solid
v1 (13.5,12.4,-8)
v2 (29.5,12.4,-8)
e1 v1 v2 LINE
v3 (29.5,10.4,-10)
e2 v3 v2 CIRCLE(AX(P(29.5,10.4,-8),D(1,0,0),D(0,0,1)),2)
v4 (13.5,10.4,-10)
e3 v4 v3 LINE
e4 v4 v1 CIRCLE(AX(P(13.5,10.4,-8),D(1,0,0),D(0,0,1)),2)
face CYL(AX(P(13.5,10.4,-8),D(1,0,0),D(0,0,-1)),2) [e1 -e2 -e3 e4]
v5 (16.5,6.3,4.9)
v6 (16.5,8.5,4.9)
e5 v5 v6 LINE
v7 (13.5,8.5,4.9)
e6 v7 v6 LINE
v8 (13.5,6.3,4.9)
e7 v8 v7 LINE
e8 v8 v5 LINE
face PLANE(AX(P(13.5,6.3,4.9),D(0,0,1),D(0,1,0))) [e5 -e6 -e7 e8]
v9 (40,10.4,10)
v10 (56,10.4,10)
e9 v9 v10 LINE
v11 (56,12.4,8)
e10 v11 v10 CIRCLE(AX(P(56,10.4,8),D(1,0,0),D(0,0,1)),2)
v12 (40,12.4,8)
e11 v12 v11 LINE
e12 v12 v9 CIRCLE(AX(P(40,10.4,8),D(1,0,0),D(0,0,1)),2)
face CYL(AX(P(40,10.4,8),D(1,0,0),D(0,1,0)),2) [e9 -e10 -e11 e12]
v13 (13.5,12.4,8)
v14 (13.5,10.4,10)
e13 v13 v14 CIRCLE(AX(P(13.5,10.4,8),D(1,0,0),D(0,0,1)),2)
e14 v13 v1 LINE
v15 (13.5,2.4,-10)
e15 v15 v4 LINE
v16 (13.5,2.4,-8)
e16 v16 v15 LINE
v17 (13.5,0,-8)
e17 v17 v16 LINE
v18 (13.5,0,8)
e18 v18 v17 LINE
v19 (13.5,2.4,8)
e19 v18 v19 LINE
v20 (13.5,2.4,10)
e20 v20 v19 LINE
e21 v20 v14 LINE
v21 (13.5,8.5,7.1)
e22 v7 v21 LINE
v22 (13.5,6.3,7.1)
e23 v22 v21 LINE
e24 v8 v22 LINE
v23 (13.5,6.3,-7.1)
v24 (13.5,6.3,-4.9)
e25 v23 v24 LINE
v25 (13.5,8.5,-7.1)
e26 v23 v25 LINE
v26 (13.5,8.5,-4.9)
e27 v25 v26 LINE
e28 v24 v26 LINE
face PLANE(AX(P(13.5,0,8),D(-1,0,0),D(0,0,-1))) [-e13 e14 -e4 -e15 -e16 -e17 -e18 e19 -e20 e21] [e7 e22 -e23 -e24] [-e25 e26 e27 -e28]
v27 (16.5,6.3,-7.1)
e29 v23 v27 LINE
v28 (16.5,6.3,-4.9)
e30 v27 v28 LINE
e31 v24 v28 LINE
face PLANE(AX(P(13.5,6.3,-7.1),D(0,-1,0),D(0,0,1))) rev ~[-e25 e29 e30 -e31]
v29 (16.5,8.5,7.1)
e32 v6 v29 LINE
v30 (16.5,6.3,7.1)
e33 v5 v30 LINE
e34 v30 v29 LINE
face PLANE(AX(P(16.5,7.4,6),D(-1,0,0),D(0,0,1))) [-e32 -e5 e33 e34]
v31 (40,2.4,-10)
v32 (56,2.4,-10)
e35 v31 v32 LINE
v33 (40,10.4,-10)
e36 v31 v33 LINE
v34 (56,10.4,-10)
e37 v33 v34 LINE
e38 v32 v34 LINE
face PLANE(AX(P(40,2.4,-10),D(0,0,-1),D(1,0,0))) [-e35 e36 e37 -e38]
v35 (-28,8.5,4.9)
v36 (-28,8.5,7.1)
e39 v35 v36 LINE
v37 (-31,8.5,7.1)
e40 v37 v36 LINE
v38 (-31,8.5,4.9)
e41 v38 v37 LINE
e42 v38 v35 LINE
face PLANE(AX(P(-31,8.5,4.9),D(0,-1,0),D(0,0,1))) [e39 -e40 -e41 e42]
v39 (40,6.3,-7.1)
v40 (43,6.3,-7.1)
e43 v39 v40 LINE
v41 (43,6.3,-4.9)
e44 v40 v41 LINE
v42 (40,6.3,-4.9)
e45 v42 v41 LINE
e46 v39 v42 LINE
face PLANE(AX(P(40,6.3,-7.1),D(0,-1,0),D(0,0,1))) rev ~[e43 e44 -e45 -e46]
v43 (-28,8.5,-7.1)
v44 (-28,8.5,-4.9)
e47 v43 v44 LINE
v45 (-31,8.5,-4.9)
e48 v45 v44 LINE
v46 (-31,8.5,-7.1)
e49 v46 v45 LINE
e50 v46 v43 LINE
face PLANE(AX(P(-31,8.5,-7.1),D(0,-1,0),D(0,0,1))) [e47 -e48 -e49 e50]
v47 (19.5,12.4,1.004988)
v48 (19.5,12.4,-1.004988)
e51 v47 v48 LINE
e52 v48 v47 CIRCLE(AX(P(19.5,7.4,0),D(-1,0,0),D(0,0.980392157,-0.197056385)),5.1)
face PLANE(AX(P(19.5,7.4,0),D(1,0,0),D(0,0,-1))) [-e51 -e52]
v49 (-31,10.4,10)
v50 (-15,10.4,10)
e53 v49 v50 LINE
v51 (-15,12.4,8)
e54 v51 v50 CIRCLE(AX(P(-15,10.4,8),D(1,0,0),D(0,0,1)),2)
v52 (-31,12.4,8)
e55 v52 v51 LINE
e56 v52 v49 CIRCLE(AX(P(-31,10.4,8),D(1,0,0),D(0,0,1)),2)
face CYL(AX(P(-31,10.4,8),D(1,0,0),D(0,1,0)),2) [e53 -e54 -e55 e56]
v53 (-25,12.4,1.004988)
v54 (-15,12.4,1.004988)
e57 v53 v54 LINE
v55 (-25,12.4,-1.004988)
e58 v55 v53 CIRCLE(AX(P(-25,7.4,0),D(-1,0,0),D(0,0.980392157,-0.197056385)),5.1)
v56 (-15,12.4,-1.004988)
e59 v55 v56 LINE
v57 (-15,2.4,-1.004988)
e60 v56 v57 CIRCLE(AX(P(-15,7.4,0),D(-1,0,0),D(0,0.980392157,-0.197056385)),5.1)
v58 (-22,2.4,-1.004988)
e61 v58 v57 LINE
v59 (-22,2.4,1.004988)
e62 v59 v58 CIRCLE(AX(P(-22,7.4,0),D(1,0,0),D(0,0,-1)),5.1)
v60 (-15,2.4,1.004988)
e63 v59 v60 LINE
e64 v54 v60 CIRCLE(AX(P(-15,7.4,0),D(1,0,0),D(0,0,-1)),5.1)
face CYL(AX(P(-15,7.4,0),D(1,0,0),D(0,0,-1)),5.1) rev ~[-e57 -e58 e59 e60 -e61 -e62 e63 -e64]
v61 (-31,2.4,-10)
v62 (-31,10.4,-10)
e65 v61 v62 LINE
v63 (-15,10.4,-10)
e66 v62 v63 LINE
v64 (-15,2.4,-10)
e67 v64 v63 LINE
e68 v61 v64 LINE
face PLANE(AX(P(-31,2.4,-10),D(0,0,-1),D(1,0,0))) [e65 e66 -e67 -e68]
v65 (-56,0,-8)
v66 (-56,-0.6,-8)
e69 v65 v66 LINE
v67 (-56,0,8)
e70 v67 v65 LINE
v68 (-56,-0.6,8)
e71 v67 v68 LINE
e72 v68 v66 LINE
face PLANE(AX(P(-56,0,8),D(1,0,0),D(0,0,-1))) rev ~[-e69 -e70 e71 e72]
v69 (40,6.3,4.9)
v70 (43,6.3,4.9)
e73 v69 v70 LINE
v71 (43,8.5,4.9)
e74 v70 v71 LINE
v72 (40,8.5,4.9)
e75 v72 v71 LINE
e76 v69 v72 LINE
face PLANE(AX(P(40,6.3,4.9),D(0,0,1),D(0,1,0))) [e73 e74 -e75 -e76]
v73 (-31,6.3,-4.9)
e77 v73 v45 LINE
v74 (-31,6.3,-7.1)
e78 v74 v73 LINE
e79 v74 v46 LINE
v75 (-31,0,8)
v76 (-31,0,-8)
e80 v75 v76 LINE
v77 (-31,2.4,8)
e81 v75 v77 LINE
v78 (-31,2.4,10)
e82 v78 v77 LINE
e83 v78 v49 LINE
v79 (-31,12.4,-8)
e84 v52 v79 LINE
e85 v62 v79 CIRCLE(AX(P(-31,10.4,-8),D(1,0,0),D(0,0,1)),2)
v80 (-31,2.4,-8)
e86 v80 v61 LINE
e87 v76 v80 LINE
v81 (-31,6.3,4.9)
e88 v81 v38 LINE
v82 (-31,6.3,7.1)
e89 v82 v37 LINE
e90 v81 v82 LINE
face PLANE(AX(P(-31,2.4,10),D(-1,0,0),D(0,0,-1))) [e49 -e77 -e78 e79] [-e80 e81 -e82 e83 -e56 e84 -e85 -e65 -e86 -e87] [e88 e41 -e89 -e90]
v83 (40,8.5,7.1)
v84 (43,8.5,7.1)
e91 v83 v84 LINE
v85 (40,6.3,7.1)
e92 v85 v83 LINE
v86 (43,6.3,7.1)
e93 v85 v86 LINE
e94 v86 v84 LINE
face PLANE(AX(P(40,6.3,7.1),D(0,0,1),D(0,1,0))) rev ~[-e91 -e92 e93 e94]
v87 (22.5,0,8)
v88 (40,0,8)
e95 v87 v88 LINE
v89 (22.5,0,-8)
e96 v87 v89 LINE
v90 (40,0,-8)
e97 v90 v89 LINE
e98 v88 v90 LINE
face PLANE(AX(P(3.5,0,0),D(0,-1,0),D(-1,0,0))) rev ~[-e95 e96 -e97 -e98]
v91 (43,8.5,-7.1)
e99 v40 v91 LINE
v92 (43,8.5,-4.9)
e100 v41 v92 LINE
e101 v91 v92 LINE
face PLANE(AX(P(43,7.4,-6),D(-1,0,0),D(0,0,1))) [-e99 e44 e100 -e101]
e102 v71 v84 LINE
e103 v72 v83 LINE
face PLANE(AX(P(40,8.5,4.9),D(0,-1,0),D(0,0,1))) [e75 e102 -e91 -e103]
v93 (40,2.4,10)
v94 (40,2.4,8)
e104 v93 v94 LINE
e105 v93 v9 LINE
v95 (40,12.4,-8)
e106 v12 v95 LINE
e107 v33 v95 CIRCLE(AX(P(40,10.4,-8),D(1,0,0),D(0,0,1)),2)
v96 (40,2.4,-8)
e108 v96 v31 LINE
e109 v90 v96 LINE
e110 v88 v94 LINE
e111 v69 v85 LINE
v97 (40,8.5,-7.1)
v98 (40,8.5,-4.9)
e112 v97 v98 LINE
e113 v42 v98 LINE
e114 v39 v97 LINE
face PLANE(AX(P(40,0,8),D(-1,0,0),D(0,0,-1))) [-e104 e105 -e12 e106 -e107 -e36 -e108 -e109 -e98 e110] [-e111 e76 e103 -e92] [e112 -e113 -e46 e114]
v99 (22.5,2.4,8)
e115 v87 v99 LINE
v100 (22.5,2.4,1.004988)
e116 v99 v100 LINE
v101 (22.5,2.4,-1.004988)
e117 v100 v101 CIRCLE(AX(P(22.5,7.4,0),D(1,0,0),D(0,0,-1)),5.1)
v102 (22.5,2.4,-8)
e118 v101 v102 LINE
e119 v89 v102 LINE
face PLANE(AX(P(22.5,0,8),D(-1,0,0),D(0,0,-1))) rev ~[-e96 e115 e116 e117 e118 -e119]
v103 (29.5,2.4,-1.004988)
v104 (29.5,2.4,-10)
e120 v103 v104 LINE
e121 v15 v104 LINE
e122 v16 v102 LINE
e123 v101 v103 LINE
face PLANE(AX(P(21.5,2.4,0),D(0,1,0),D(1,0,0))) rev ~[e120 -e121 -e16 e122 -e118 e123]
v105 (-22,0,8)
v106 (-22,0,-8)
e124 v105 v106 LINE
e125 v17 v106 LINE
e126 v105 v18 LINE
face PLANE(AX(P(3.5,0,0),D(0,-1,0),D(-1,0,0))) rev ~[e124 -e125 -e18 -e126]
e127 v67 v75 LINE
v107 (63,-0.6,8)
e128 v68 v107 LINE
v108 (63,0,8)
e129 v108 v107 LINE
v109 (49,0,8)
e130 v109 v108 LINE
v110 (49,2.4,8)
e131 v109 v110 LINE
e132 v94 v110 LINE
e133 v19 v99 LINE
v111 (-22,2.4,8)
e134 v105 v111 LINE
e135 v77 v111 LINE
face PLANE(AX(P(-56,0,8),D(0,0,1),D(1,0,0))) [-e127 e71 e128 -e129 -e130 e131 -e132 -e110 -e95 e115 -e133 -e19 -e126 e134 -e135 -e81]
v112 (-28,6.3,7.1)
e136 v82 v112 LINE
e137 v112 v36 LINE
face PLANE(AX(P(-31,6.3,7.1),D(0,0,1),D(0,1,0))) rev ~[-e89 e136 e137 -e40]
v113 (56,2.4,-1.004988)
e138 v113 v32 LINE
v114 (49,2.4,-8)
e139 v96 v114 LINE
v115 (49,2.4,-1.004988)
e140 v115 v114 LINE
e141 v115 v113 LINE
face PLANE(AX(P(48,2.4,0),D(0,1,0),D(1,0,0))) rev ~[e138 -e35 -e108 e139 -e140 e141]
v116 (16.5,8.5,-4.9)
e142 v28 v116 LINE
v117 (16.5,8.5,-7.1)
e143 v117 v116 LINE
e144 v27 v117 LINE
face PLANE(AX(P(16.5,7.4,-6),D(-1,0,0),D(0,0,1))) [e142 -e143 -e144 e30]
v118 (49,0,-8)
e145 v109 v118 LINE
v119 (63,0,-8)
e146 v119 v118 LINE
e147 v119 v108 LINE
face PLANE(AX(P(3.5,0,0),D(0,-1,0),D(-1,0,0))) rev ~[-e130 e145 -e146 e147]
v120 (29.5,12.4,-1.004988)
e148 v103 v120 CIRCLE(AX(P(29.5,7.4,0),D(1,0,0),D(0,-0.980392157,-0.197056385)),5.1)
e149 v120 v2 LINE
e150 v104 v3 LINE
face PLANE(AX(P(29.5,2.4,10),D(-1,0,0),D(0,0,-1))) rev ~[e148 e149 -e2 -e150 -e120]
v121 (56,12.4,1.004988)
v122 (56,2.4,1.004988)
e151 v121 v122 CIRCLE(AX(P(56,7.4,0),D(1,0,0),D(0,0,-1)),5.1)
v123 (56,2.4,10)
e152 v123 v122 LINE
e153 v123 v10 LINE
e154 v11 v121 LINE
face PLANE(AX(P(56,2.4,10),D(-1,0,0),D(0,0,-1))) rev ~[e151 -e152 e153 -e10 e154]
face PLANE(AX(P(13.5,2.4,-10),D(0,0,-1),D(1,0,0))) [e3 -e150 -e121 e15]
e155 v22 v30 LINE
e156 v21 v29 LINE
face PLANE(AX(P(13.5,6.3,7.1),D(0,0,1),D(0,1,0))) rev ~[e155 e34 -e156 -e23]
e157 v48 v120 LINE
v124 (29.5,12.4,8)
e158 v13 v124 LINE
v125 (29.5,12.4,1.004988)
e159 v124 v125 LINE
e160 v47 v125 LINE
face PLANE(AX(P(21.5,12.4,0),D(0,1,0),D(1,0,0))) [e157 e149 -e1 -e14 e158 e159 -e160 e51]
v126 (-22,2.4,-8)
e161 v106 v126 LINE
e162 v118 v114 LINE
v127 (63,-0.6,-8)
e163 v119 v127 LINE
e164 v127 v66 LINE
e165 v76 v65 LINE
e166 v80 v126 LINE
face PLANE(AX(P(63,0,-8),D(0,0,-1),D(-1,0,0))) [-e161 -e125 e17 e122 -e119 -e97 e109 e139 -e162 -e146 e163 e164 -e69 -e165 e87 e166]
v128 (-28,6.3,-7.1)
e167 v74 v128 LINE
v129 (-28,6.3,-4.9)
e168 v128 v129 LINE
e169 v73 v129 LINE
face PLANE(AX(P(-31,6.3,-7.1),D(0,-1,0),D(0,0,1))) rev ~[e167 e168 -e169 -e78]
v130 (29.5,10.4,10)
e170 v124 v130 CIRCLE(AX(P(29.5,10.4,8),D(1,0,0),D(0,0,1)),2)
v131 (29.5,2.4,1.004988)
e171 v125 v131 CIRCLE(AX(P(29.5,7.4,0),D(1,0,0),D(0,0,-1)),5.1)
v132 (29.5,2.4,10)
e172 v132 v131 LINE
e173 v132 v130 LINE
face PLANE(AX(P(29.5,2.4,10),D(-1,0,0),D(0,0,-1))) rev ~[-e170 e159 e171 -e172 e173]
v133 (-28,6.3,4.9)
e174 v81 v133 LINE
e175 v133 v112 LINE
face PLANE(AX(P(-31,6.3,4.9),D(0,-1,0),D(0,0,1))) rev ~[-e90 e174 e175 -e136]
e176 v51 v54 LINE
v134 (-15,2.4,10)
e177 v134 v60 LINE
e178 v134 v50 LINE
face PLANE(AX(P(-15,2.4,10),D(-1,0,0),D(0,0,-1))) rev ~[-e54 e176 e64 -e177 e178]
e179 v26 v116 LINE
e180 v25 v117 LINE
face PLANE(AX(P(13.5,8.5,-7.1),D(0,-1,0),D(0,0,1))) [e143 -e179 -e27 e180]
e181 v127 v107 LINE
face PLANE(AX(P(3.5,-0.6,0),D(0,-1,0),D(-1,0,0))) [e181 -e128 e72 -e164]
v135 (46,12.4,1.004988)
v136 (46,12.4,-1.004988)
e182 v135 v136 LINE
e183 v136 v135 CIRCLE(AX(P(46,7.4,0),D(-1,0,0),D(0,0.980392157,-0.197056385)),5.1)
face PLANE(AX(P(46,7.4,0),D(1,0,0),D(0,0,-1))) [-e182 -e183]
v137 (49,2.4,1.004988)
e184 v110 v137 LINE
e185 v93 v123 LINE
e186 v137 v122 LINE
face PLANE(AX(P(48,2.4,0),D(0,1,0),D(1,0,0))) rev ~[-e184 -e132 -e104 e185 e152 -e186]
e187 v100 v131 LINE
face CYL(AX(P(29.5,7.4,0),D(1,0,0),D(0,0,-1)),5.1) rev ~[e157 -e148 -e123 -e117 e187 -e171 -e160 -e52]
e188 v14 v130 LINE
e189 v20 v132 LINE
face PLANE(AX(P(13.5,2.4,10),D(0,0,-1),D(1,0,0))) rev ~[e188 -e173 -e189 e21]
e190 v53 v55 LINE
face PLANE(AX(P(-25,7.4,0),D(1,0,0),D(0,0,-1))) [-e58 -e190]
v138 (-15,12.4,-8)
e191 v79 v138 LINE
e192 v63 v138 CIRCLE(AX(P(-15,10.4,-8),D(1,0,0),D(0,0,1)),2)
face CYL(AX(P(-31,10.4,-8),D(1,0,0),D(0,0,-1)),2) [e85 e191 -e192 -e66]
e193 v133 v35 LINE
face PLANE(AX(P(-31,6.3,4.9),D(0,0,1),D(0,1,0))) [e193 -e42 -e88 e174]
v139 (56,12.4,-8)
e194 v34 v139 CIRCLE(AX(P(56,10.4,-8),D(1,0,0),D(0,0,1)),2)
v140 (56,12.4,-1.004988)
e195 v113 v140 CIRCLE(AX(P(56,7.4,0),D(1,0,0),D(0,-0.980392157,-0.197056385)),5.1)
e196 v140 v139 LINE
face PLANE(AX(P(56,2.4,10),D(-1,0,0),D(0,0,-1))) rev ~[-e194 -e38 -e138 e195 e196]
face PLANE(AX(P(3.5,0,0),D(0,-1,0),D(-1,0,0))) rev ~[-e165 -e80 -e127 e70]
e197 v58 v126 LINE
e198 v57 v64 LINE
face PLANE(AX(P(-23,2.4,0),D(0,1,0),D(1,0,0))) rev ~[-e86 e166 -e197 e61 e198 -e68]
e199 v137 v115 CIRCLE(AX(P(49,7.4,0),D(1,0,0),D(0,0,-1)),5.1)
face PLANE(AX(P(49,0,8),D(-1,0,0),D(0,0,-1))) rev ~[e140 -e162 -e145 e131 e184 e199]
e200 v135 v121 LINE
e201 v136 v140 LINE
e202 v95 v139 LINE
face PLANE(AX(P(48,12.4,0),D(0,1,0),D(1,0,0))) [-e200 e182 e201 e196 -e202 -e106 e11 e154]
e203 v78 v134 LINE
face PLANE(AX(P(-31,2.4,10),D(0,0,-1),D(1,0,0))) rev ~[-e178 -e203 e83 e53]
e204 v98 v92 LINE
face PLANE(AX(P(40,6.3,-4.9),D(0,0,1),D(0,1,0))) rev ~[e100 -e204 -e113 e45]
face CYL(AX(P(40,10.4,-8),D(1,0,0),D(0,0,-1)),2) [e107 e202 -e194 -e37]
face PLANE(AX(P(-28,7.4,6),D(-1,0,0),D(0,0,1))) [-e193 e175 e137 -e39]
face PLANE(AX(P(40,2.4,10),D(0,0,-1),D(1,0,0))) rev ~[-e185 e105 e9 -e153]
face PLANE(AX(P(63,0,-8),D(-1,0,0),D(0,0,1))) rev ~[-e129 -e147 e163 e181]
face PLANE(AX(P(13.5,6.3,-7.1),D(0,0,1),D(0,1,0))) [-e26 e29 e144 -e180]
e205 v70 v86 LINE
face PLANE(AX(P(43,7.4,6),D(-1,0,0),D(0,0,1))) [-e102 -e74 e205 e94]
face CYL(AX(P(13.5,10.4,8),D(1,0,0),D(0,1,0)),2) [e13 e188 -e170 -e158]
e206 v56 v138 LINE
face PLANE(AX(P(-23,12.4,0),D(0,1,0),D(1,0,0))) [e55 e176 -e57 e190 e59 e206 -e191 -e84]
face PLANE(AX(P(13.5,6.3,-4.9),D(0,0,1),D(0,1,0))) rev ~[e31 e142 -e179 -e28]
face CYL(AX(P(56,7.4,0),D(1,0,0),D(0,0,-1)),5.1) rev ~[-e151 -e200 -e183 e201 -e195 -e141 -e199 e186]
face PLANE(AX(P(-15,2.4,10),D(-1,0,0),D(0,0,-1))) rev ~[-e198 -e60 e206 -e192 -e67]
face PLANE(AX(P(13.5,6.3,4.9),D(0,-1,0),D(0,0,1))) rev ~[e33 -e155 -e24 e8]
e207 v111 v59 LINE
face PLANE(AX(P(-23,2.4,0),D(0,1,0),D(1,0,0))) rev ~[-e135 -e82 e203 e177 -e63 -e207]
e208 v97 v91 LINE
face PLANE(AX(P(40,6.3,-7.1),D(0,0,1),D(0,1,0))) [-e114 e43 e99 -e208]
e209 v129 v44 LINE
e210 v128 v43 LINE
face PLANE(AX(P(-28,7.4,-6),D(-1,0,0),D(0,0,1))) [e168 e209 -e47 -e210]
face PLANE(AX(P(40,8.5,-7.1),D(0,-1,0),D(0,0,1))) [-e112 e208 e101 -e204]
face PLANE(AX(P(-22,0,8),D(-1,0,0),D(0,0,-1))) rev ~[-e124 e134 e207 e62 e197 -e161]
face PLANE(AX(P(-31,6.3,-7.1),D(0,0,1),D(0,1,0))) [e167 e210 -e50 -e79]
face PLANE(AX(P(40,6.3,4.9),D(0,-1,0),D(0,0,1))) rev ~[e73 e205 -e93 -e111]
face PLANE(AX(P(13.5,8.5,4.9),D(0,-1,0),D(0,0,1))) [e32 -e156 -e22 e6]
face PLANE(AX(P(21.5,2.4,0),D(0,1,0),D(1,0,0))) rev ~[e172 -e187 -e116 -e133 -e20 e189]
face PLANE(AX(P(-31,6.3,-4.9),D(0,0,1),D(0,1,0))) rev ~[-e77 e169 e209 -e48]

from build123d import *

# Parameters (mm, degrees)
BOSS_EXTRUDE1_DEPTH = 0.6
SKETCH3_W           = 9
SKETCH3_H           = 16
BOSS_EXTRUDE2_DEPTH = 2.4
SKETCH4_W           = 16
SKETCH4_H           = 20
BOSS_EXTRUDE3_DEPTH = 10
SKETCH5_R           = 5.1
CUT_EXTRUDE1_DEPTH  = 10
SKETCH6_R           = 5.1
CUT_EXTRUDE3_DEPTH  = 10
SKETCH7_R           = 5.1
CUT_EXTRUDE4_DEPTH  = 10
FILLET1_R           = 2
SKETCH8_W           = 2.2
SKETCH8_H           = 2.2
CUT_EXTRUDE5_DEPTH  = 3
SKETCH9_W           = 2.2
SKETCH9_H           = 2.2
CUT_EXTRUDE6_DEPTH  = 3
SKETCH10_W          = 2.2
SKETCH10_H          = 2.2
CUT_EXTRUDE7_DEPTH  = 3


with BuildPart() as part:
    # Sketch2 → Boss-Extrude1 (new body)
    with BuildSketch(Plane(origin=(0, 0, 0), x_dir=(1, 0, 0), z_dir=(0, 1, 0))):
        Polygon((-56, 8), (56, 8), (63, 8), (63, -8), (56, -8), (-56, -8), align=None)
    extrude(amount=-BOSS_EXTRUDE1_DEPTH)

    # Sketch3 → Boss-Extrude2 (add)
    with BuildSketch(Plane(origin=(0, 0, 0), x_dir=(1, 0, 0), z_dir=(0, 1, 0))):
        with Locations((44.5, 0)):
            Rectangle(SKETCH3_W, SKETCH3_H)
        with Locations((18, 0)):
            Rectangle(SKETCH3_W, SKETCH3_H)
        with Locations((-26.5, 0)):
            Rectangle(SKETCH3_W, SKETCH3_H)
    extrude(amount=BOSS_EXTRUDE2_DEPTH)

    # Sketch4 → Boss-Extrude3 (add)
    with BuildSketch(Plane(origin=(0, 2.4, 0), x_dir=(1, 0, 0), z_dir=(0, 1, 0))):
        with Locations((-23, 0)):
            Rectangle(SKETCH4_W, SKETCH4_H)
        with Locations((21.5, 0)):
            Rectangle(SKETCH4_W, SKETCH4_H)
        with Locations((48, 0)):
            Rectangle(SKETCH4_W, SKETCH4_H)
    extrude(amount=BOSS_EXTRUDE3_DEPTH)

    # Sketch5 → Cut-Extrude1 (cut)
    with BuildSketch(Plane(origin=(56, 0, 0), x_dir=(0, 0, -1), z_dir=(1, 0, 0))):
        with Locations((0, 7.4)):
            Circle(SKETCH5_R)
    extrude(amount=-CUT_EXTRUDE1_DEPTH, mode=Mode.SUBTRACT)

    # Sketch6 → Cut-Extrude3 (cut)
    with BuildSketch(Plane(origin=(29.5, 0, 0), x_dir=(0, 0, -1), z_dir=(1, 0, 0))):
        with Locations((0, 7.4)):
            Circle(SKETCH6_R)
    extrude(amount=-CUT_EXTRUDE3_DEPTH, mode=Mode.SUBTRACT)

    # Sketch7 → Cut-Extrude4 (cut)
    with BuildSketch(Plane(origin=(-15, 0, 0), x_dir=(0, 0, -1), z_dir=(1, 0, 0))):
        with Locations((0, 7.4)):
            Circle(SKETCH7_R)
    extrude(amount=-CUT_EXTRUDE4_DEPTH, mode=Mode.SUBTRACT)

    # Fillet1
    fillet1_edges = [part.edges().sort_by_distance(p)[0] for p in [
        (-23, 12.4, 10),
        (-23, 12.4, -10),
        (48, 12.4, 10),
        (48, 12.4, -10),
        (21.5, 12.4, 10),
        (21.5, 12.4, -10),
    ]]
    fillet(fillet1_edges, radius=FILLET1_R)

    # Sketch8 → Cut-Extrude5 (cut)
    with BuildSketch(Plane.ZY.offset(31)):
        with Locations((6, 7.4)):
            Rectangle(SKETCH8_W, SKETCH8_H)
        with Locations((-6, 7.4)):
            Rectangle(SKETCH8_W, SKETCH8_H)
    extrude(amount=-CUT_EXTRUDE5_DEPTH, mode=Mode.SUBTRACT)

    # Sketch9 → Cut-Extrude6 (cut)
    with BuildSketch(Plane(origin=(13.5, 0, -13.5), x_dir=(0, 0, 1), z_dir=(-1, 0, 0))):
        with Locations((19.5, 7.4)):
            Rectangle(SKETCH9_W, SKETCH9_H)
        with Locations((7.5, 7.4)):
            Rectangle(SKETCH9_W, SKETCH9_H)
    extrude(amount=-CUT_EXTRUDE6_DEPTH, mode=Mode.SUBTRACT)

    # Sketch10 → Cut-Extrude7 (cut)
    with BuildSketch(Plane(origin=(40, 0, -40), x_dir=(0, 0, 1), z_dir=(-1, 0, 0))):
        with Locations((46, 7.4)):
            Rectangle(SKETCH10_W, SKETCH10_H)
        with Locations((34, 7.4)):
            Rectangle(SKETCH10_W, SKETCH10_H)
    extrude(amount=-CUT_EXTRUDE7_DEPTH, mode=Mode.SUBTRACT)


solid = part.part
